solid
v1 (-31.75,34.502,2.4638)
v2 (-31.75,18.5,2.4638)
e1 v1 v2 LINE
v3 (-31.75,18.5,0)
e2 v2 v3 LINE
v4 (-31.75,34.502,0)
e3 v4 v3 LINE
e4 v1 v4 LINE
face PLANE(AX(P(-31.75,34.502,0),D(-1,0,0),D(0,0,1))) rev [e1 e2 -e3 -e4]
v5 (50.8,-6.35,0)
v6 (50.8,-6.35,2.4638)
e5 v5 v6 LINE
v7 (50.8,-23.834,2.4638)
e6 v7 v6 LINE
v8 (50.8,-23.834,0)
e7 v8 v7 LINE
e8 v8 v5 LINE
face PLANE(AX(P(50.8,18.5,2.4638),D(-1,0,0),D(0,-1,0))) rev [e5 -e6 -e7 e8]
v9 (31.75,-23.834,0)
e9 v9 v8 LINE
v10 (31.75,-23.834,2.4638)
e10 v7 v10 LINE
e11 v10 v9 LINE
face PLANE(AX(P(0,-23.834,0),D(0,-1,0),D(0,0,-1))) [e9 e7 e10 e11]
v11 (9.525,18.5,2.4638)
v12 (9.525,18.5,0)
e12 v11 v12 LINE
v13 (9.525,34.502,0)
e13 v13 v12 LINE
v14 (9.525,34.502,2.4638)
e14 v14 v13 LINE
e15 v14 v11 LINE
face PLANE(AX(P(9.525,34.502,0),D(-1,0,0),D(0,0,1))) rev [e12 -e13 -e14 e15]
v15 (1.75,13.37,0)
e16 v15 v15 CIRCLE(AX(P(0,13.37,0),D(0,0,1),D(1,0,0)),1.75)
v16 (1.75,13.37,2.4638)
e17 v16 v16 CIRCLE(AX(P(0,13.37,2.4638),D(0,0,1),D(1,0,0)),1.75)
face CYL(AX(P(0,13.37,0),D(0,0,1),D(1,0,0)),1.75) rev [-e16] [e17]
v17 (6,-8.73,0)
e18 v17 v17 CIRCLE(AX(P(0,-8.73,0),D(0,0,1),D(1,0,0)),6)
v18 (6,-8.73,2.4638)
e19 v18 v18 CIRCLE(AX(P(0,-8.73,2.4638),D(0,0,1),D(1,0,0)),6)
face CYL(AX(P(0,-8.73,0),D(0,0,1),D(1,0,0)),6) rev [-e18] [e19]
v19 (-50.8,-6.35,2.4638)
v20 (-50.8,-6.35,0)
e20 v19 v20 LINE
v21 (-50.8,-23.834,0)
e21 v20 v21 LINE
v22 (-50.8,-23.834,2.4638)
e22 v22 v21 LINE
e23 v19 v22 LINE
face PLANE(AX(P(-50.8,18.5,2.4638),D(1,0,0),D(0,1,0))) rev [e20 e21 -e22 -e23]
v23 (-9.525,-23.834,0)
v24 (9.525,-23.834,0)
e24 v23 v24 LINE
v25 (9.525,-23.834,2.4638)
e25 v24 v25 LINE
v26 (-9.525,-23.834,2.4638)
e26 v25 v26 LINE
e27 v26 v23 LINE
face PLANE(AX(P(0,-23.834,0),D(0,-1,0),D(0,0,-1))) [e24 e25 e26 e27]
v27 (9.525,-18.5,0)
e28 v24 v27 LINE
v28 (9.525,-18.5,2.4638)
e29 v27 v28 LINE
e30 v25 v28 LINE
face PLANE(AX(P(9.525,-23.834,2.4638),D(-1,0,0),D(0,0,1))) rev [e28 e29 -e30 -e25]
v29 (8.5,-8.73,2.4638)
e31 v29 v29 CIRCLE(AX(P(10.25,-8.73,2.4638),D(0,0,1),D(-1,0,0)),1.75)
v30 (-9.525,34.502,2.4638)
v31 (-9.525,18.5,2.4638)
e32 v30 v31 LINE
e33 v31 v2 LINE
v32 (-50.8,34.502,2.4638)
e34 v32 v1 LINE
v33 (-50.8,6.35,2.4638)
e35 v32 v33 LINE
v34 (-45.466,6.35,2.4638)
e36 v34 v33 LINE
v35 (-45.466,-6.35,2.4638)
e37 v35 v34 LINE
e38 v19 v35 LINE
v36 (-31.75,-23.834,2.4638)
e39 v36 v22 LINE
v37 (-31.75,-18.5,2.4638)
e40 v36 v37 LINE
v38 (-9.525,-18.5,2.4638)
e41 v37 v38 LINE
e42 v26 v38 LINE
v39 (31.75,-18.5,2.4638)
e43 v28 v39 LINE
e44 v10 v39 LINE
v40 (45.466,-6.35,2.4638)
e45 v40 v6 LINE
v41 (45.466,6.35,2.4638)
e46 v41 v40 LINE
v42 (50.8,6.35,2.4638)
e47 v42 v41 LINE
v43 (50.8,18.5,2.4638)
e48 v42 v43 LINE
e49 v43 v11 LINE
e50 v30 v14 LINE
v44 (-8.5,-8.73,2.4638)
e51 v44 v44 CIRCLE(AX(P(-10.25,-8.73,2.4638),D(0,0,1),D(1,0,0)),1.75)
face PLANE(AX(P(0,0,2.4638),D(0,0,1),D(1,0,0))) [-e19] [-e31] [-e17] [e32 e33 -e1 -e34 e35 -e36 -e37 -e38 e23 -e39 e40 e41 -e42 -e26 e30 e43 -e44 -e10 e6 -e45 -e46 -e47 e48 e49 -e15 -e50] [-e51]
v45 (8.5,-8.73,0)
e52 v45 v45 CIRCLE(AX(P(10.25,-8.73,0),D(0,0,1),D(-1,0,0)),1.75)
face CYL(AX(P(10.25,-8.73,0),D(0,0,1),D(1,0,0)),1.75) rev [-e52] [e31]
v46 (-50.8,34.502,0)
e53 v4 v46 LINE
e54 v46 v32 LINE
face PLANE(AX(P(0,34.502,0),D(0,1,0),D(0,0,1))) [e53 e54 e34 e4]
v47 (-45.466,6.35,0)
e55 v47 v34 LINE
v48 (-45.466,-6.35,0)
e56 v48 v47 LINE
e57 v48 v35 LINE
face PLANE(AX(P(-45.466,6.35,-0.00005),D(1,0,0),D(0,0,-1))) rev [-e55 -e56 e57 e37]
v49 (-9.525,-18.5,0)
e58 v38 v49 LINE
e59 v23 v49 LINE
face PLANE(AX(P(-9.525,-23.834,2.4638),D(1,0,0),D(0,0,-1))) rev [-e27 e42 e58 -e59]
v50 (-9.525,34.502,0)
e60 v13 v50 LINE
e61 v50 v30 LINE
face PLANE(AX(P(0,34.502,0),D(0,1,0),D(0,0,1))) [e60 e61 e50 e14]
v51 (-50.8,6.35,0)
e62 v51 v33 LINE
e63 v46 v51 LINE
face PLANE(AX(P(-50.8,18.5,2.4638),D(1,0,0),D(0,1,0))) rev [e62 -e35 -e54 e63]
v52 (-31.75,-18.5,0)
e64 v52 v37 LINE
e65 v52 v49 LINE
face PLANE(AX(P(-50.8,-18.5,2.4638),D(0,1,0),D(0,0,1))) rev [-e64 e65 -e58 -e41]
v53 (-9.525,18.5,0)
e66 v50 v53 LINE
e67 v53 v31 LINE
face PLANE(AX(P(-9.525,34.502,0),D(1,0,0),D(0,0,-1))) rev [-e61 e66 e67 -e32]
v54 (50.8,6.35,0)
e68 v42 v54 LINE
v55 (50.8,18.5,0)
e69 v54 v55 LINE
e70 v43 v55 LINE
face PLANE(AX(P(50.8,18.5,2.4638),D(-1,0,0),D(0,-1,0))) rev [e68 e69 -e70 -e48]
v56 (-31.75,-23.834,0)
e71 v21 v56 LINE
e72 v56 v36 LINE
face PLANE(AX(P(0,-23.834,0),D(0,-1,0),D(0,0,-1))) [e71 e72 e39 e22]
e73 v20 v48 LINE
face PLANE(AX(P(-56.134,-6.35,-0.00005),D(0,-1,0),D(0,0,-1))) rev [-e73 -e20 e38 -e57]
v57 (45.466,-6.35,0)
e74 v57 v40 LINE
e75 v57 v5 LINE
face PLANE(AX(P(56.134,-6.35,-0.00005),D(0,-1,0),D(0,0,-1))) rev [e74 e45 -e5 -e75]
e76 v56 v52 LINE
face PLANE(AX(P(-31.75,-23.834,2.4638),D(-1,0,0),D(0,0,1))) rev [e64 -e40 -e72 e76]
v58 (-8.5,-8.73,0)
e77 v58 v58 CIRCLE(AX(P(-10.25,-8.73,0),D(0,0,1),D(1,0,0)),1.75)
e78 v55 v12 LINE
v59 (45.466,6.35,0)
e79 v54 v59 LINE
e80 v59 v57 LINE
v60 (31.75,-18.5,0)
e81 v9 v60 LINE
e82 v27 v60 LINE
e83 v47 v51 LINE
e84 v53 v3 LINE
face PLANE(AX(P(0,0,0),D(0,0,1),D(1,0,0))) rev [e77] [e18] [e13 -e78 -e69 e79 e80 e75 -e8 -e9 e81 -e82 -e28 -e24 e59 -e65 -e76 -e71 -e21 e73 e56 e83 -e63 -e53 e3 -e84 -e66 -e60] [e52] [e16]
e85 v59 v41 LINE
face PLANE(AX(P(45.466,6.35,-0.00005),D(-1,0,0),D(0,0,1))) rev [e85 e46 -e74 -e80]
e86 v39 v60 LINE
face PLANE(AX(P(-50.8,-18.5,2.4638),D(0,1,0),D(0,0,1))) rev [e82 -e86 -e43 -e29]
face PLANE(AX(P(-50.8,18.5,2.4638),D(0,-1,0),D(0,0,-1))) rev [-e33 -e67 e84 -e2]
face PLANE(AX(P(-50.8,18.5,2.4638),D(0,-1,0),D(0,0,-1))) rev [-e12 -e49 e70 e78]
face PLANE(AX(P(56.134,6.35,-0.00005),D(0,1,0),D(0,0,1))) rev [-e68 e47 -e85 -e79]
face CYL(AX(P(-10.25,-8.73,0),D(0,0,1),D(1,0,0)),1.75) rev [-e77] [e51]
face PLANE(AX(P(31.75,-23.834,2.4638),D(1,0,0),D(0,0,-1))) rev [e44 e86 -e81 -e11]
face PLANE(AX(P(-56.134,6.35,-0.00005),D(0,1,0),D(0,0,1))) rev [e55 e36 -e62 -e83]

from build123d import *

# Parameters (mm, degrees)
SKETCH1_W           = 101.6
SKETCH1_H           = 36.999999914
BOSS_EXTRUDE1_DEPTH = 2.4638
SKETCH2_R           = 5.999999938
SKETCH2_R_2         = 1.750000056
MOTORHOLES_DEPTH    = 55.119869816
SKETCH3_W           = 19.05
SKETCH3_H           = 2.4638
BOTTOMTEETH_DEPTH   = 5.334
SKETCH4_W           = 10.668
SKETCH4_H           = 12.7
CUT_EXTRUDE2_DEPTH  = 57.167338057
SKETCH5_W           = 19.05
SKETCH5_H           = 2.4638
TOPTEETH_DEPTH      = 16.002


with BuildPart() as part:
    # Sketch1 → Boss-Extrude1 (new body)
    with BuildSketch(Plane.XY):
        Rectangle(SKETCH1_W, SKETCH1_H)
    extrude(amount=BOSS_EXTRUDE1_DEPTH)

    # Sketch2 → MotorHoles (cut, through all)
    with BuildSketch(Plane.XY.offset(2.4638)):
        with Locations((0, -8.730000066)):
            Circle(SKETCH2_R)
        with Locations((-10.250000074, -8.730000066)):
            Circle(SKETCH2_R_2)
        with Locations((0, 13.36999993)):
            Circle(SKETCH2_R_2)
        with Locations(Location((10.250000074, -8.730000066, 0), (0, 0, 180))):
            Circle(SKETCH2_R_2)
    extrude(amount=-MOTORHOLES_DEPTH, mode=Mode.SUBTRACT)

    # Sketch3 → BottomTeeth (add)
    with BuildSketch(Plane.XZ.offset(18.499999957)):
        with Locations((-41.275, 1.2319)):
            Rectangle(SKETCH3_W, SKETCH3_H)
        with Locations((41.275, 1.2319)):
            Rectangle(SKETCH3_W, SKETCH3_H)
        with Locations((0, 1.2319)):
            Rectangle(SKETCH3_W, SKETCH3_H)
    extrude(amount=BOTTOMTEETH_DEPTH)

    # Sketch4 → Cut-Extrude2 (cut, through all)
    with BuildSketch(Plane.XY.offset(2.4638)):
        with Locations((-50.8, 0)):
            Rectangle(SKETCH4_W, SKETCH4_H)
        with Locations((50.8, 0)):
            Rectangle(SKETCH4_W, SKETCH4_H)
    extrude(amount=-CUT_EXTRUDE2_DEPTH, mode=Mode.SUBTRACT)

    # Sketch5 → TopTeeth (add)
    with BuildSketch(Plane(origin=(0, 18.499999957, 0), x_dir=(1, 0, 0), z_dir=(0, 1, 0))):
        with Locations((-41.275, -1.2319)):
            Rectangle(SKETCH5_W, SKETCH5_H)
        with Locations((0, -1.2319)):
            Rectangle(SKETCH5_W, SKETCH5_H)
    extrude(amount=TOPTEETH_DEPTH)


solid = part.part
